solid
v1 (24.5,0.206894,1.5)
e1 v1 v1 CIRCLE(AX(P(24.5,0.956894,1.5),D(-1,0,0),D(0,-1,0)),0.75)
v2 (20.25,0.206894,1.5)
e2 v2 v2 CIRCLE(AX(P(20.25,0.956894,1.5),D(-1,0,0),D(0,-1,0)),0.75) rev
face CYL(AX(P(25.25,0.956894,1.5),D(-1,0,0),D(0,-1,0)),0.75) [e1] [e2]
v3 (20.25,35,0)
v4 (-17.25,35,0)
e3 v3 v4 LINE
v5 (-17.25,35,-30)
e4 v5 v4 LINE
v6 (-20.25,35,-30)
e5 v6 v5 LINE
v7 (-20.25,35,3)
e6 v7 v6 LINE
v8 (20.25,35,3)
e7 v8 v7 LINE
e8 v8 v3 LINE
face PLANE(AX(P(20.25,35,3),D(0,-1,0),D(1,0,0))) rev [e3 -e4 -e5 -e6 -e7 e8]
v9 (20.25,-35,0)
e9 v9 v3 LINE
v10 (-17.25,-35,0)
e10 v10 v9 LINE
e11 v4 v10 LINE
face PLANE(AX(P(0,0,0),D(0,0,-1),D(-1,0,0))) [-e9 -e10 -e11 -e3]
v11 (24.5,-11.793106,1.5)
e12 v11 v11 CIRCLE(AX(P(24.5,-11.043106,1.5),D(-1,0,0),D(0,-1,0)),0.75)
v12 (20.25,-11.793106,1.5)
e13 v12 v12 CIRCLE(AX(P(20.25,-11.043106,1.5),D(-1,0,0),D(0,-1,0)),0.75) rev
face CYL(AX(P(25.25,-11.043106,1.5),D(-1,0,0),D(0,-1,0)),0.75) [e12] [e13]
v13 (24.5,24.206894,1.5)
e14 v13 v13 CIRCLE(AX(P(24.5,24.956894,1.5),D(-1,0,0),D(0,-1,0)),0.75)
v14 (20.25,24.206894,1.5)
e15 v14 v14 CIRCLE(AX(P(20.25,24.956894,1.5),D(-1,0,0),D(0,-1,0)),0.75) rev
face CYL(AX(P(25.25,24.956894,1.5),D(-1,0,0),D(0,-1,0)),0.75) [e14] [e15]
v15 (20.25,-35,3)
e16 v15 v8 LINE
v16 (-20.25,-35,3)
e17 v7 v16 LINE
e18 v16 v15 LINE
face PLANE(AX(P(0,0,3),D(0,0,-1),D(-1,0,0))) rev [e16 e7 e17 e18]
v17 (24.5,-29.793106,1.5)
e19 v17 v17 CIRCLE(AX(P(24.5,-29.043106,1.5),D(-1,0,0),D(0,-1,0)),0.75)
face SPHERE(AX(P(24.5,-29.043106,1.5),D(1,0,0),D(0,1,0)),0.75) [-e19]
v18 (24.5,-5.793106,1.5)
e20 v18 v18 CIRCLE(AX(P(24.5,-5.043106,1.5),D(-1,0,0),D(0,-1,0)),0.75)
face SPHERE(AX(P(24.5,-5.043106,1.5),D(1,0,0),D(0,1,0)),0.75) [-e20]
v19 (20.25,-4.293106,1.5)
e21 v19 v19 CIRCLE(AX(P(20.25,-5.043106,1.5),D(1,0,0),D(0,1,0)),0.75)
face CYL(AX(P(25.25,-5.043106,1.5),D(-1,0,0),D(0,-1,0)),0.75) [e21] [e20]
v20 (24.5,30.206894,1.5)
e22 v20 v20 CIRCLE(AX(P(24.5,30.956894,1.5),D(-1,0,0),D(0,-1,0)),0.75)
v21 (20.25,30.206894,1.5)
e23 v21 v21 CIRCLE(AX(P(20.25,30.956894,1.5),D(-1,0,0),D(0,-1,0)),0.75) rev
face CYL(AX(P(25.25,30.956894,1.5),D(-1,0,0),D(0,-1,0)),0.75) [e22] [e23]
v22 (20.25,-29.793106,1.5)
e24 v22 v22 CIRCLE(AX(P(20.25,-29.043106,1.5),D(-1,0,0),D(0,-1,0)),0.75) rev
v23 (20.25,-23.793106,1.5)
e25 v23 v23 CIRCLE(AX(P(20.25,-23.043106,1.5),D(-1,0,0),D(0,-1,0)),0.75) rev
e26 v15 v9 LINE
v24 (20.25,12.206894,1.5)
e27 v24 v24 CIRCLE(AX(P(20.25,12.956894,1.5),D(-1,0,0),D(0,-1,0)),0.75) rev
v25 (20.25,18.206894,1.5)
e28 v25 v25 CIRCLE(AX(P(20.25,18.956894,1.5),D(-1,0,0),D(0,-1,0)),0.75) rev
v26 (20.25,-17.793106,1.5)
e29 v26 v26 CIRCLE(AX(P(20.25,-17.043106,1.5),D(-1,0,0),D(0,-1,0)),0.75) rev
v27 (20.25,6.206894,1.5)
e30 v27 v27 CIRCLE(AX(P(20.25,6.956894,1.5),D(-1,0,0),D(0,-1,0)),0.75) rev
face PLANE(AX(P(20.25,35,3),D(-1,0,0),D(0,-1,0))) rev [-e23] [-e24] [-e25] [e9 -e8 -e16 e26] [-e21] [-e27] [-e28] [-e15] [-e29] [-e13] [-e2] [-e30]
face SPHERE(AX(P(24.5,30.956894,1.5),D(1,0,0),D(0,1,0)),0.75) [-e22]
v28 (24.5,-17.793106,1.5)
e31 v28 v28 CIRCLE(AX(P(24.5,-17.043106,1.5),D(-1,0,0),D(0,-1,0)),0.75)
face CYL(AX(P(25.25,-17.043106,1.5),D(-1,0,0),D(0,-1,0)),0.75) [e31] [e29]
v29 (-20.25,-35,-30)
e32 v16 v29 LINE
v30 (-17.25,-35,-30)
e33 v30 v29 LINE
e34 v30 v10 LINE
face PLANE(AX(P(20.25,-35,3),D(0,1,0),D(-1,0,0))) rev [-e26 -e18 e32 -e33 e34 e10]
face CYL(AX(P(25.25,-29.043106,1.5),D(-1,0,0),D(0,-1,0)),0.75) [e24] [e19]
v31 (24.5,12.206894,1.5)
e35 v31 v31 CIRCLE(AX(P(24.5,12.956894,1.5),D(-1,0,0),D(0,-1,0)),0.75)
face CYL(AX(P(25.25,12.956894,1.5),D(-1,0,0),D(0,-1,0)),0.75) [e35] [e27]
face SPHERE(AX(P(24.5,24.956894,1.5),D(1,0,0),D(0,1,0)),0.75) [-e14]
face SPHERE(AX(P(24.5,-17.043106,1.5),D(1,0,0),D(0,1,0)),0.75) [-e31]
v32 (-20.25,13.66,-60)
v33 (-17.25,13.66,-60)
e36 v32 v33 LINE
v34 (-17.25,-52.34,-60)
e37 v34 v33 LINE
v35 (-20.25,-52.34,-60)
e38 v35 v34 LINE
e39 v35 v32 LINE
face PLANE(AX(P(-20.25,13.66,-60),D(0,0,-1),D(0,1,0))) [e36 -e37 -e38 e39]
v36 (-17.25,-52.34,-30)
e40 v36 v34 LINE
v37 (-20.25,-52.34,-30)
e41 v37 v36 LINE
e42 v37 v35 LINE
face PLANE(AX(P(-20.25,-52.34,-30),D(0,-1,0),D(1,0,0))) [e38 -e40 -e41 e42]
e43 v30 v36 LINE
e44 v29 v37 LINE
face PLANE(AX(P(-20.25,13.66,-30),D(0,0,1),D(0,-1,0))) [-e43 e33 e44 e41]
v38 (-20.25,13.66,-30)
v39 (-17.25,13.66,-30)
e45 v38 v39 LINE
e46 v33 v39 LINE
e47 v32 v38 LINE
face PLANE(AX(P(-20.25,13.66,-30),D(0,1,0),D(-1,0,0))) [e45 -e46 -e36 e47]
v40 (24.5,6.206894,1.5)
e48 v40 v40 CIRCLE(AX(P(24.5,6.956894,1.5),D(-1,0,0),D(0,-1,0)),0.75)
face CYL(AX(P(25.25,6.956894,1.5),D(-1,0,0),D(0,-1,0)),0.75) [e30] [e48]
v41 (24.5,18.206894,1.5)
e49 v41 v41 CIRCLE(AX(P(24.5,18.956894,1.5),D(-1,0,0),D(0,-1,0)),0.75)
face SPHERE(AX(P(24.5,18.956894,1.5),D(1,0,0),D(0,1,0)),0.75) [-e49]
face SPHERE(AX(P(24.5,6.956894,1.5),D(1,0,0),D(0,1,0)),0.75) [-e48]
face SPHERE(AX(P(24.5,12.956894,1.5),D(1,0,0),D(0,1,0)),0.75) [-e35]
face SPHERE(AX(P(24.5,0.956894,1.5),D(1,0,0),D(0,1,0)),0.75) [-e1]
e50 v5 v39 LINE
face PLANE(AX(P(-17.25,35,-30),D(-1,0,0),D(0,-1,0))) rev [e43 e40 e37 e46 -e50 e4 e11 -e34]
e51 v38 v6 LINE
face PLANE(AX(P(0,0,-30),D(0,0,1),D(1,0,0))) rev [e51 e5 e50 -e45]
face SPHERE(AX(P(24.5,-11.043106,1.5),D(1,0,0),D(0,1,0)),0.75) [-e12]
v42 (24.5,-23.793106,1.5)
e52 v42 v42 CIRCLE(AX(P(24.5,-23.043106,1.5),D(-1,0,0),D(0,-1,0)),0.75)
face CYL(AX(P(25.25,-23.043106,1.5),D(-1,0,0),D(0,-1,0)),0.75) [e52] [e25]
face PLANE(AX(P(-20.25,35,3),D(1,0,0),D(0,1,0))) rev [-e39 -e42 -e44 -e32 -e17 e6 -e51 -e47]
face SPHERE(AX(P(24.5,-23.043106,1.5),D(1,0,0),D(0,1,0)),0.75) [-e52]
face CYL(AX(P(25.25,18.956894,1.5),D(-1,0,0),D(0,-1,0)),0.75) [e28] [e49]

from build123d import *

# Parameters (mm, degrees)
CROQUIS1_W              = 40.5
CROQUIS1_H              = 70
SALIENTE_EXTRUIR1_DEPTH = 3
CROQUIS2_W              = 3
CROQUIS2_H              = 70
SALIENTE_EXTRUIR2_DEPTH = 30
CROQUIS3_R              = 0.75
SALIENTE_EXTRUIR3_DEPTH = 5
REDONDEO5_R             = 0.75
CROQUIS4_W              = 30
CROQUIS4_H              = 66
SALIENTE_EXTRUIR5_DEPTH = 3


with BuildPart() as part:
    # Croquis1 → Saliente-Extruir1 (new body)
    with BuildSketch(Plane.XY):
        Rectangle(CROQUIS1_W, CROQUIS1_H)
    extrude(amount=SALIENTE_EXTRUIR1_DEPTH)

    # Croquis2 → Saliente-Extruir2 (add)
    with BuildSketch(Plane(origin=(0, 0, 0), x_dir=(-1, 0, 0), z_dir=(0, 0, -1))):
        with Locations((18.75, 0)):
            Rectangle(CROQUIS2_W, CROQUIS2_H)
    extrude(amount=SALIENTE_EXTRUIR2_DEPTH)

    # Croquis3 → Saliente-Extruir3 (add)
    with BuildSketch(Plane(origin=(20.25, 0, 0), x_dir=(0, 0, -1), z_dir=(1, 0, 0))):
        with Locations(Location((-1.5, 30.956893841, 0), (0, 0, 270))):
            Circle(CROQUIS3_R)
        with Locations(Location((-1.5, 24.956893841, 0), (0, 0, 270))):
            Circle(CROQUIS3_R)
        with Locations(Location((-1.5, 18.956893841, 0), (0, 0, 270))):
            Circle(CROQUIS3_R)
        with Locations(Location((-1.5, 12.956893841, 0), (0, 0, 270))):
            Circle(CROQUIS3_R)
        with Locations(Location((-1.5, 6.956893841, 0), (0, 0, 270))):
            Circle(CROQUIS3_R)
        with Locations(Location((-1.5, 0.956893841, 0), (0, 0, 270))):
            Circle(CROQUIS3_R)
        with Locations(Location((-1.5, -5.043106159, 0), (0, 0, 90))):
            Circle(CROQUIS3_R)
        with Locations(Location((-1.5, -11.043106159, 0), (0, 0, 270))):
            Circle(CROQUIS3_R)
        with Locations(Location((-1.5, -17.043106159, 0), (0, 0, 270))):
            Circle(CROQUIS3_R)
        with Locations(Location((-1.5, -23.043106159, 0), (0, 0, 270))):
            Circle(CROQUIS3_R)
        with Locations(Location((-1.5, -29.043106159, 0), (0, 0, 270))):
            Circle(CROQUIS3_R)
    extrude(amount=SALIENTE_EXTRUIR3_DEPTH)

    # Redondeo5
    redondeo5_edges = [part.edges().sort_by_distance(p)[0] for p in [
        (25.25, 31.706893841, 1.5),
        (25.25, 25.706893841, 1.5),
        (25.25, 19.706893841, 1.5),
        (25.25, 13.706893841, 1.5),
        (25.25, 7.706893841, 1.5),
        (25.25, 1.706893841, 1.5),
        (25.25, -5.793106159, 1.5),
        (25.25, -10.293106159, 1.5),
        (25.25, -16.293106159, 1.5),
        (25.25, -22.293106159, 1.5),
        (25.25, -28.293106159, 1.5),
    ]]
    fillet(redondeo5_edges, radius=REDONDEO5_R)

    # Croquis4 → Saliente-Extruir5 (add)
    with BuildSketch(Plane(origin=(-17.25, 0, 0), x_dir=(0, 0, -1), z_dir=(1, 0, 0))):
        with Locations((45, -19.34)):
            Rectangle(CROQUIS4_W, CROQUIS4_H)
    extrude(amount=-SALIENTE_EXTRUIR5_DEPTH)


solid = part.part
